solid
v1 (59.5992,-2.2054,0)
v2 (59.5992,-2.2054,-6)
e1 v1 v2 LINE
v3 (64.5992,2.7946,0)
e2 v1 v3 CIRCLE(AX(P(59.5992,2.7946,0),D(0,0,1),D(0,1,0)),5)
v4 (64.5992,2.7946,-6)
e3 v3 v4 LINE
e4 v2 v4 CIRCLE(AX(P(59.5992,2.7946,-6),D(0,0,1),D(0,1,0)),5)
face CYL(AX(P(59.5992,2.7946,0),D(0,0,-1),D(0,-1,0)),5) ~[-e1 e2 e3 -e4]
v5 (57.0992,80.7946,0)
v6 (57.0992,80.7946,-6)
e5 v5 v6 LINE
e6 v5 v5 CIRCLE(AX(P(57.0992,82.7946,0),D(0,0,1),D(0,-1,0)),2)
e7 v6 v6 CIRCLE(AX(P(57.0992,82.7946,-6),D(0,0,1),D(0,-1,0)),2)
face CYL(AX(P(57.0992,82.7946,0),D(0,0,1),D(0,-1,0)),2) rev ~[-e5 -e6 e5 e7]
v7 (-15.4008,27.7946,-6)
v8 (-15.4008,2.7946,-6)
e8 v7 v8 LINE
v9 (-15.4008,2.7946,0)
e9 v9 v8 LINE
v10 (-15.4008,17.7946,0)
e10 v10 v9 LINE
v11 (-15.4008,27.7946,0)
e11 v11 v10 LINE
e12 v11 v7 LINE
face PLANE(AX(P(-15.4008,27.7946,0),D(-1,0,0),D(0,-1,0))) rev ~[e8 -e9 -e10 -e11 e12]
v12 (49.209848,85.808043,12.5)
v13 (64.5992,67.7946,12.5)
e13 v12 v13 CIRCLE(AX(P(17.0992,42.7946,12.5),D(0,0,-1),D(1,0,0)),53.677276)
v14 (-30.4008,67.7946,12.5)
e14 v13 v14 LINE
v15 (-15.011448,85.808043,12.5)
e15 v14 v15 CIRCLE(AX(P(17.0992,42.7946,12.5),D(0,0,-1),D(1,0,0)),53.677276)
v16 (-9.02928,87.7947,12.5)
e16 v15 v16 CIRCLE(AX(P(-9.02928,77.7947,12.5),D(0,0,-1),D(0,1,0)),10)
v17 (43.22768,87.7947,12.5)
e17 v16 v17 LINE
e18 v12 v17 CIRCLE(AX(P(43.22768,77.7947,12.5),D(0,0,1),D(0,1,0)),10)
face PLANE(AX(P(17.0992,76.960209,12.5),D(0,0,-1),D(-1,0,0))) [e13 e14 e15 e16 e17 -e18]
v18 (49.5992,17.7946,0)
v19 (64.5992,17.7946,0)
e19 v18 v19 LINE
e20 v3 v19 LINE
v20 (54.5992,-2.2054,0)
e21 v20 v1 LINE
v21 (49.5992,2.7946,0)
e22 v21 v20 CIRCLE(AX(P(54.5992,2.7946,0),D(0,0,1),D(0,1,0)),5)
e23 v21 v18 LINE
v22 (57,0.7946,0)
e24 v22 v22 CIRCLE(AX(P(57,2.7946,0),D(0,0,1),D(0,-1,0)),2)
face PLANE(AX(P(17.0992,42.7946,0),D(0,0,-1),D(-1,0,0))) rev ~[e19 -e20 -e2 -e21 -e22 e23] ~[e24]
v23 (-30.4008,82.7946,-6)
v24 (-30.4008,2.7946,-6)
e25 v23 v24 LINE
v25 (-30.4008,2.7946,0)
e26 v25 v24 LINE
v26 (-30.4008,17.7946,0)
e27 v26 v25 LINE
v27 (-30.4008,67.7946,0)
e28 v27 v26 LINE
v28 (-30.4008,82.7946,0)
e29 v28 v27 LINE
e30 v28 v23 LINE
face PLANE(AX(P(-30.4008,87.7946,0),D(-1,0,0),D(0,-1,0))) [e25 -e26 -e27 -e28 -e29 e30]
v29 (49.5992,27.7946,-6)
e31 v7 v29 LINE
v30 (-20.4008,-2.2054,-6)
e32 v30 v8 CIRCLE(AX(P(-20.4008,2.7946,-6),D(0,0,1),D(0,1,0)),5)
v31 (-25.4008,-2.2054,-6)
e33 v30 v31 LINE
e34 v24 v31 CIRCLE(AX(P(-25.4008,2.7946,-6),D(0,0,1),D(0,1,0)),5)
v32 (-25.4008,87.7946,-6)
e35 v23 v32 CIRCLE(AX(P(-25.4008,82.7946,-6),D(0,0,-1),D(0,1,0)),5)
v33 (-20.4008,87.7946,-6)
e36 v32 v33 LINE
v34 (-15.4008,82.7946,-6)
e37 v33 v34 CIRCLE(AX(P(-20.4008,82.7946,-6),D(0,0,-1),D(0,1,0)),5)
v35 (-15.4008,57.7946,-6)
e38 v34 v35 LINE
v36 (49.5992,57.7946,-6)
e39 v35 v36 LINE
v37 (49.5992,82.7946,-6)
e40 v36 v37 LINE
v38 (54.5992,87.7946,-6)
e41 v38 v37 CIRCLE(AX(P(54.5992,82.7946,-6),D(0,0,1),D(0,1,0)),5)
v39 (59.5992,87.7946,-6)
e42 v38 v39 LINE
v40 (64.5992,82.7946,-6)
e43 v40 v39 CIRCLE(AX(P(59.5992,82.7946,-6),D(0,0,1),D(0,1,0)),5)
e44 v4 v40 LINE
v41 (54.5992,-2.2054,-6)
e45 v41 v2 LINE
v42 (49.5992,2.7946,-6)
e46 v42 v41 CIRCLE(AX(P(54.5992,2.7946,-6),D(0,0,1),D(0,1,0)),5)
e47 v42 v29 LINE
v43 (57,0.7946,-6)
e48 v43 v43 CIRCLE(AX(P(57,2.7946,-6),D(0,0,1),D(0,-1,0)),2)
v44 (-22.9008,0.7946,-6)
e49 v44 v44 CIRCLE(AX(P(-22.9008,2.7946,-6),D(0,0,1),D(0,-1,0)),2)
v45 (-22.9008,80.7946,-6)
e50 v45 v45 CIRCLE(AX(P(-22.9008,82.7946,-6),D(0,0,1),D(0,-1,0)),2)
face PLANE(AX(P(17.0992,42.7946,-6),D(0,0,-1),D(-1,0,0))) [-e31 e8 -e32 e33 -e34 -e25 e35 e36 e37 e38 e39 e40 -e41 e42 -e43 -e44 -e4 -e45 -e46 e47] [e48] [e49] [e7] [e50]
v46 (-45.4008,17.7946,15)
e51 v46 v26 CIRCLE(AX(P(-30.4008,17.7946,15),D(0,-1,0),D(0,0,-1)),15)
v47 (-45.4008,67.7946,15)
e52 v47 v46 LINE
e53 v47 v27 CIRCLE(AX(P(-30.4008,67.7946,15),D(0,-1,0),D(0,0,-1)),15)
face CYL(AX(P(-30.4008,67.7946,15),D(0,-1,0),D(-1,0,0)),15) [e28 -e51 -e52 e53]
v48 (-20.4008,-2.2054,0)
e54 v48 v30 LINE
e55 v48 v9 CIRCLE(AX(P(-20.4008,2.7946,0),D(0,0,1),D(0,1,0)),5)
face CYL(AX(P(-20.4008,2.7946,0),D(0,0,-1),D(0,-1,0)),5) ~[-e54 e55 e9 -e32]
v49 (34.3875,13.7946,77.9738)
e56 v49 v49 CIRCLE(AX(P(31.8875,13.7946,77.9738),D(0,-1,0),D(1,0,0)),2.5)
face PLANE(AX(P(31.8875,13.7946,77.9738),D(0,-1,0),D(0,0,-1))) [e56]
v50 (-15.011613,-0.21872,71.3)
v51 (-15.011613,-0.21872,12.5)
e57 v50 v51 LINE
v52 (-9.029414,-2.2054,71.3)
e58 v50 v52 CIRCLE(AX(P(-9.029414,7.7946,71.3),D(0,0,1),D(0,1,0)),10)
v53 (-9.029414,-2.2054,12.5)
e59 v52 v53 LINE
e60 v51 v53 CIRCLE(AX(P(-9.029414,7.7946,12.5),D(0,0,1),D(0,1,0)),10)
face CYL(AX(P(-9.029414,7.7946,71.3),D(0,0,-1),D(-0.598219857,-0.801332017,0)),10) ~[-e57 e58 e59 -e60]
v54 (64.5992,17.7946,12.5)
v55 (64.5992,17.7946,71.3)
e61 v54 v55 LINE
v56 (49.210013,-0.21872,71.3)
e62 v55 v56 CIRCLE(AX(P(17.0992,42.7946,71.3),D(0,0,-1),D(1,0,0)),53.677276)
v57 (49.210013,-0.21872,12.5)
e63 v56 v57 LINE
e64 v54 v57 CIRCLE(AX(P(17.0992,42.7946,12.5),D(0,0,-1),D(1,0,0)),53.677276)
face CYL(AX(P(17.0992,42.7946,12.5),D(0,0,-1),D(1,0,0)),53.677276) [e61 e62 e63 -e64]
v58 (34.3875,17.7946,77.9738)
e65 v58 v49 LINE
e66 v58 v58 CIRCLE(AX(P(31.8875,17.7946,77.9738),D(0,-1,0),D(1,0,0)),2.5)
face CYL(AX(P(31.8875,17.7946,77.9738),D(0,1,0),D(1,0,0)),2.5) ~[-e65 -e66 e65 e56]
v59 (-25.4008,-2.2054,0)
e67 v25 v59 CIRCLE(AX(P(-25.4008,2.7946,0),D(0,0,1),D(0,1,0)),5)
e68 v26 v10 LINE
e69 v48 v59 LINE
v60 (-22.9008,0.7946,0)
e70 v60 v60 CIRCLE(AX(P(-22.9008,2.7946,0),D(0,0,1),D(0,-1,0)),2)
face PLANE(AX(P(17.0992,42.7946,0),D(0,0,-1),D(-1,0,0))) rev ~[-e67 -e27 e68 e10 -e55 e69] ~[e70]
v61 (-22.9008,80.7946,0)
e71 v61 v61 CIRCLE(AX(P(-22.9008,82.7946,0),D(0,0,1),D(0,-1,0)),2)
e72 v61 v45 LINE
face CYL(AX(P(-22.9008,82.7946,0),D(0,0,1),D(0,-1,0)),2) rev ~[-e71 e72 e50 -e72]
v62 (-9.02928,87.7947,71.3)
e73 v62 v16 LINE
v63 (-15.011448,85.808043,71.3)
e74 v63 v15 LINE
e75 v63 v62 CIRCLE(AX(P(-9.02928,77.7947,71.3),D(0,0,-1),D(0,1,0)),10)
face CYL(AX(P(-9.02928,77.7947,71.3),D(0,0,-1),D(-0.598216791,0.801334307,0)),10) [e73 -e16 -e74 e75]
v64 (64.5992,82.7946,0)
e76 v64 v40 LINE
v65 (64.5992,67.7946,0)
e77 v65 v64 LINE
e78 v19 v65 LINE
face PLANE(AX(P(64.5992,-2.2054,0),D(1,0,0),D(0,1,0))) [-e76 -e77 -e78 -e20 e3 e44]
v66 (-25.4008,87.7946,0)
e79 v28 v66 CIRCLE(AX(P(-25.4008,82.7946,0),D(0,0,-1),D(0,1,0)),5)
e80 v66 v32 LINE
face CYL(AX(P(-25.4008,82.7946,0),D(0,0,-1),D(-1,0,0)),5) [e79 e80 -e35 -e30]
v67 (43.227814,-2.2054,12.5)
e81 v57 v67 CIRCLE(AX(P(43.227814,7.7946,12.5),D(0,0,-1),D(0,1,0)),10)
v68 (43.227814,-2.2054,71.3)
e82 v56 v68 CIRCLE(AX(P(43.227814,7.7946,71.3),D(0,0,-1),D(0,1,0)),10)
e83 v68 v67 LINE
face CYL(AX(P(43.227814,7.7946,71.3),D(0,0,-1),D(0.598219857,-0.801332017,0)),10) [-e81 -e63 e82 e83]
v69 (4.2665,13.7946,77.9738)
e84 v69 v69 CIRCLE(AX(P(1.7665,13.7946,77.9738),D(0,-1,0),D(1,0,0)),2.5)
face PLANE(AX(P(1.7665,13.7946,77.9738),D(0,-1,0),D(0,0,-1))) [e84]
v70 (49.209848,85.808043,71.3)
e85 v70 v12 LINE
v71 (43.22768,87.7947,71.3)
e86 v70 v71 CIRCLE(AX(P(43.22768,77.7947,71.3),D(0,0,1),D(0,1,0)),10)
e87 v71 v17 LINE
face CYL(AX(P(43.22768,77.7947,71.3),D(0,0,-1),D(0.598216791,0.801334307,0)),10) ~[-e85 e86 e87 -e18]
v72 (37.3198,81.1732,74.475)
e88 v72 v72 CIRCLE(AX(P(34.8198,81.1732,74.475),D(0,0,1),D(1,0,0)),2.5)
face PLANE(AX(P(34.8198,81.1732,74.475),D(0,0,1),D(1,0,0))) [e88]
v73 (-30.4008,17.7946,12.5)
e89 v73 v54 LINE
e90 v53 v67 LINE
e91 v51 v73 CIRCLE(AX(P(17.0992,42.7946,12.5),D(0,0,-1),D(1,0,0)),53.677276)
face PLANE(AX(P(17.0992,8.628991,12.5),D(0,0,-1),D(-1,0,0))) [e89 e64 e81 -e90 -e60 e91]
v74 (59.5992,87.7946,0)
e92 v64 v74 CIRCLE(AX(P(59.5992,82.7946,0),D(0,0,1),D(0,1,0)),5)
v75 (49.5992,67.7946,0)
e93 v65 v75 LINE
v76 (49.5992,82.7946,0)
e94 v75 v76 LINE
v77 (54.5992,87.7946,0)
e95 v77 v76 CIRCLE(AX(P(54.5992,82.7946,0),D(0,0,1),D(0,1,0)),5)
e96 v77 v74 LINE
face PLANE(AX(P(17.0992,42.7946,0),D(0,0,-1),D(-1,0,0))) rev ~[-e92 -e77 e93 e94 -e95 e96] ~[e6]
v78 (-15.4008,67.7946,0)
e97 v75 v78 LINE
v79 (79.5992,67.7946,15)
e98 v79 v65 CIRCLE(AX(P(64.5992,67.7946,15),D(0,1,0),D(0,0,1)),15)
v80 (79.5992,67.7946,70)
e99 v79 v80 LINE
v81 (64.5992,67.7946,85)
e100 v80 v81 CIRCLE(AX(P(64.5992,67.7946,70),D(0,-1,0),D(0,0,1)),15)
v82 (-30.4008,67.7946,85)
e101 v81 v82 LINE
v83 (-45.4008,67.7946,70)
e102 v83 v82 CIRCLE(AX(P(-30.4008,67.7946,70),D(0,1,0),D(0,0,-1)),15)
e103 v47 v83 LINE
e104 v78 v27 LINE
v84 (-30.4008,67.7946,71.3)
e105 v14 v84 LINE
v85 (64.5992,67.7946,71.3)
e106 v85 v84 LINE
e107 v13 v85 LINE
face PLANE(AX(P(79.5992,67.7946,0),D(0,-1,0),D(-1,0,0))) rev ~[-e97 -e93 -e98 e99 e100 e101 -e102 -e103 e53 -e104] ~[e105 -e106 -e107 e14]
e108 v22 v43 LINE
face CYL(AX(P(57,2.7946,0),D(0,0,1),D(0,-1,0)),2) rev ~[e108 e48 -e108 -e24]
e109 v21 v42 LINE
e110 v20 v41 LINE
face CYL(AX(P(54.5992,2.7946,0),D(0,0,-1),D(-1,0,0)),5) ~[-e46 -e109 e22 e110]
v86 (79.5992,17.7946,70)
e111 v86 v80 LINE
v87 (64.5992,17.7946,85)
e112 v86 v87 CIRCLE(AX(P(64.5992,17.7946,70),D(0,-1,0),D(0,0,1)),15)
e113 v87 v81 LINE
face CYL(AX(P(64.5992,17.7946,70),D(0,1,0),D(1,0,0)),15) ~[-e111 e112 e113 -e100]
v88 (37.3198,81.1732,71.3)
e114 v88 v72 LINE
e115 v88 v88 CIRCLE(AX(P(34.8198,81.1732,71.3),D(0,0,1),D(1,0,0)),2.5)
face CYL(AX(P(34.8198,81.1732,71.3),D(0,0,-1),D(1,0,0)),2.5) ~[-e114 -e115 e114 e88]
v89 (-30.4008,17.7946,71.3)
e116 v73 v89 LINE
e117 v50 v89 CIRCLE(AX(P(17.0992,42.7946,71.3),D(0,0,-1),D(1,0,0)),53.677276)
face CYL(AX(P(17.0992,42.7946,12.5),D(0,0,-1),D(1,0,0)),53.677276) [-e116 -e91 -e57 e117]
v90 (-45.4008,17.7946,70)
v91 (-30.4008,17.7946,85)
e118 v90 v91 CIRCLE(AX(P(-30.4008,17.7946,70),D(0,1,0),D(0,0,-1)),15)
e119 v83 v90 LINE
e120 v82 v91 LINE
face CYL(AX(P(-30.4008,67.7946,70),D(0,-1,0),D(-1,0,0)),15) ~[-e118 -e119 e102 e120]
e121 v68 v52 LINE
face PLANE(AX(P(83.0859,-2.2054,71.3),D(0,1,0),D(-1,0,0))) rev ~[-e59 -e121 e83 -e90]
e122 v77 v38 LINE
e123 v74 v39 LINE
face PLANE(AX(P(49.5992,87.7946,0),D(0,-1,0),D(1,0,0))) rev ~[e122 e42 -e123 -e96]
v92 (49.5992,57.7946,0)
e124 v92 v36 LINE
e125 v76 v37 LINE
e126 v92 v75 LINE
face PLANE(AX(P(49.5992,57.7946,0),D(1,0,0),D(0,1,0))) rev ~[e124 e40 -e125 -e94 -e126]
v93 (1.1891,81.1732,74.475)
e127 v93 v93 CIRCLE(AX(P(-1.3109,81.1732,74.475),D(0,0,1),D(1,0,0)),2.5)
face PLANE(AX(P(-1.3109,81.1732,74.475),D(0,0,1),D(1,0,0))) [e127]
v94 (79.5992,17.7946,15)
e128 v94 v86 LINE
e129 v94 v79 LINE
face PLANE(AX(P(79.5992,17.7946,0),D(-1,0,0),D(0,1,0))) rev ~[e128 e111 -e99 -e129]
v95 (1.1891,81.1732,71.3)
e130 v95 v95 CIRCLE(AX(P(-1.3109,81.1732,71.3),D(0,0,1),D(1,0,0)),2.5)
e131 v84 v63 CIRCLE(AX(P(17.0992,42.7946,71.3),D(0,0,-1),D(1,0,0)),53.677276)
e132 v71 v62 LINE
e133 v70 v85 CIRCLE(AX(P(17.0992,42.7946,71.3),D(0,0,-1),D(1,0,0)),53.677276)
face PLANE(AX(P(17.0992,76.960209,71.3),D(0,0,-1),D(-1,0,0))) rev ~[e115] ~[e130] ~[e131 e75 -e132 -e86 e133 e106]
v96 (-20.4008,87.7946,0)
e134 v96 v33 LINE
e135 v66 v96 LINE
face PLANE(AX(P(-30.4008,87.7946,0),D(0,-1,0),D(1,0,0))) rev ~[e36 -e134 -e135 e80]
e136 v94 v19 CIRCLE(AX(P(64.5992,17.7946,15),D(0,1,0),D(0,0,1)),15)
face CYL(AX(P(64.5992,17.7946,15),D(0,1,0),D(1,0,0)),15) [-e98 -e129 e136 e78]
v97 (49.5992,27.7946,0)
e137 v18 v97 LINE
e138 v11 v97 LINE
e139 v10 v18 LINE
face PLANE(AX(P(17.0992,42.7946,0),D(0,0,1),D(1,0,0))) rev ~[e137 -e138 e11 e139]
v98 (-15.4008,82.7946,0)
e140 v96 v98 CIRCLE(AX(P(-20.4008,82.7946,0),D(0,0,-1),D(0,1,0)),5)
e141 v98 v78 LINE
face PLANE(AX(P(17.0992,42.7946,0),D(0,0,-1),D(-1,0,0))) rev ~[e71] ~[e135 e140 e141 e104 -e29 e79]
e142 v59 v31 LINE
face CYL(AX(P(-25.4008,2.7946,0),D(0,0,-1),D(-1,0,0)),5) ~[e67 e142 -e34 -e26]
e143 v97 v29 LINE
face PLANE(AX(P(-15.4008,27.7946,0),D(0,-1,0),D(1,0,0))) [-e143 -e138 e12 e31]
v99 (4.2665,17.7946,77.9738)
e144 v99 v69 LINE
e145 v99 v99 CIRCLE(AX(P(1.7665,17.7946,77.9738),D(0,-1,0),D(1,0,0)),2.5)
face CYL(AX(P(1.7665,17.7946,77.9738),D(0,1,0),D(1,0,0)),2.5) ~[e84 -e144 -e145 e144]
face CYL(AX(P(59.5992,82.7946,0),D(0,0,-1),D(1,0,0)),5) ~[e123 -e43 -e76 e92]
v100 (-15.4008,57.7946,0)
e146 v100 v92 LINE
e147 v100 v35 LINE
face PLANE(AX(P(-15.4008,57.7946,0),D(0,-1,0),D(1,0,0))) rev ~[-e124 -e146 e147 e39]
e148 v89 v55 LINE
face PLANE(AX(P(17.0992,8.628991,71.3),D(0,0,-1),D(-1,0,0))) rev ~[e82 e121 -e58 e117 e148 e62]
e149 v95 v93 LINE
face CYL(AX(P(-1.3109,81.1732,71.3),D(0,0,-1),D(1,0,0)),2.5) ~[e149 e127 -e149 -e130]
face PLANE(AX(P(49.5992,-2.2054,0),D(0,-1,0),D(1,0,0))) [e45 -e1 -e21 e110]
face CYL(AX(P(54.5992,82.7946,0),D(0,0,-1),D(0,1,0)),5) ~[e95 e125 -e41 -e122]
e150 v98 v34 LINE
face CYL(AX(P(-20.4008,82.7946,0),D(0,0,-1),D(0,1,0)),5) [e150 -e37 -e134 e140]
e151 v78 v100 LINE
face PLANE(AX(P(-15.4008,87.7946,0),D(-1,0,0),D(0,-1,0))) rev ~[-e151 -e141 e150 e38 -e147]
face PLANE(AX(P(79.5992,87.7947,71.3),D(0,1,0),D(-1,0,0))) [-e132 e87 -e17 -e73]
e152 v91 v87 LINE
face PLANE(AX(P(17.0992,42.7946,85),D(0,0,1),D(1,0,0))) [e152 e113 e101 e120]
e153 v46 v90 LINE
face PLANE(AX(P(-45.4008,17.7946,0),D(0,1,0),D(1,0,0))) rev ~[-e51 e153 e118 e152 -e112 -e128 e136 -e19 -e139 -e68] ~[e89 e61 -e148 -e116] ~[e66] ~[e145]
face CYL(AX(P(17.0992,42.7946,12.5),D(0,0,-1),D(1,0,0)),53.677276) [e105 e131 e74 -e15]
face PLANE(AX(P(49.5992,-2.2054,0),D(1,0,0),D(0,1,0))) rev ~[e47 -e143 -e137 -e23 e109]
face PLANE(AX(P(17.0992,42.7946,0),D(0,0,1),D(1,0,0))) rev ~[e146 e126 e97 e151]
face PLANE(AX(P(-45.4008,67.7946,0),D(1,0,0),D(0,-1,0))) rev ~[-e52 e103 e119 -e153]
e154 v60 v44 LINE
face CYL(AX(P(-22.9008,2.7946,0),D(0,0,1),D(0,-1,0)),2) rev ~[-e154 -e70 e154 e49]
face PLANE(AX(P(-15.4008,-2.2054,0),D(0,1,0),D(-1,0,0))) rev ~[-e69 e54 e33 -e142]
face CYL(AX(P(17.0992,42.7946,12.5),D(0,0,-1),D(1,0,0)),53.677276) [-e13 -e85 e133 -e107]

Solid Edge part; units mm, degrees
sketch "Sketch1" plane through (0, 0, 0) normal (0, 0, 1) x (1, 0, 0)
  line L0 (-45.4008, 17.7946) -> (79.5992, 17.7946)
  line L1 (79.5992, 17.7946) -> (79.5992, 67.7946)
  line L2 (79.5992, 67.7946) -> (-45.4008, 67.7946)
  line L3 (-45.4008, 67.7946) -> (-45.4008, 17.7946)
extrude "Protrusion1" add sketch "Sketch1" along normal blind 85
fillet "Round_1" radius 15 4 edges at (79.5992, 42.7946, 85) (-45.4008, 42.7946, 85) (-45.4008, 42.7946, 0) (79.5992, 42.7946, 0)
sketch "Sketch2" plane through (0, 0, 12.5) normal (0, 0, 1) x (1, 0, 0)
  line L0 (64.5992, 67.7946) -> (-30.4008, 67.7946)
  arc A0 (-30.4008, 67.7946) -> (64.5992, 67.7946) centre (17.0992, 42.7946) cw
  line L1 (-30.4008, 17.7946) -> (64.5992, 17.7946)
  arc A1 (64.5992, 17.7946) -> (-30.4008, 17.7946) centre (17.0992, 42.7946) cw
  dimension "D1" = 95
extrude "ExtrudedProtrusion_2" add sketch "Sketch2" along normal blind 58.8
sketch "Sketch3" plane through (17.0992, 82.1333, 71.3) normal (0, 0, 1) x (-1, 0, 0)
  line L0 (-62.5, -5.6614) -> (69.2147, -5.6614)
extrude "Cutout1" cut sketch "Sketch3" against normal through all material side at (13.7418, 87.8447, 71.3)
sketch "Sketch4" plane through (17.0992, 3.456, 71.3) normal (0, 0, 1) x (-1, 0, 0)
  line L0 (-65.9867, 5.6614) -> (63.9181, 5.6614)
extrude "Cutout2" cut sketch "Sketch4" against normal through all material side at (18.1335, -2.2554, 71.3)
fillet "Round_2" radius 10 4 edges at (46.361, 87.7946, 41.9) (-12.1625, 87.7946, 41.9) (-12.1625, -2.2054, 41.9) (46.361, -2.2054, 41.9)
sketch "Sketch5" plane through (17.0992, 42.7946, 0) normal (0, 0, -1) x (-1, 0, 0)
  line L0 (-32.5, 45) -> (-47.5, 45)
  line L1 (-47.5, -45) -> (-47.5, 45)
  line L2 (-32.5, -45) -> (-47.5, -45)
  line L3 (-32.5, -45) -> (-32.5, -15)
  line L4 (32.5, -15) -> (-32.5, -15)
  line L5 (32.5, -15) -> (32.5, -45)
  line L6 (32.5, -45) -> (47.5, -45)
  line L7 (47.5, 45) -> (47.5, -45)
  line L8 (47.5, 45) -> (32.5, 45)
  line L9 (32.5, 45) -> (32.5, 15)
  line L10 (32.5, 15) -> (-32.5, 15)
  line L11 (-32.5, 15) -> (-32.5, 45)
  dimension "D1" = 15
  dimension "D2" = 15
extrude "ExtrudedProtrusion_3" add sketch "Sketch5" along normal blind 6
fillet "Round_3" radius 5 8 edges at (64.5992, -2.2054, -3) (49.5992, -2.2054, -3) (-15.4008, -2.2054, -3) (-30.4008, -2.2054, -3) (64.5992, 87.7946, -3) (49.5992, 87.7946, -3) (-30.4008, 87.7946, -3) (-15.4008, 87.7946, -3)
sketch "Sketch6" plane through (57.0992, 77.7946, 0) normal (0, 0, 1) x (0, -1, 0)
  circle A0 centre (-5, 0) radius 2
  circle A1 centre (75, -0.0992) radius 2
  circle A2 centre (-5, -80) radius 2
  circle A3 centre (75, -80) radius 2
extrude "Cutout3" cut sketch "Sketch6" against normal through all
sketch "Sketch7" plane through (17.0992, 17.7946, 42.5) normal (0, -1, 0) x (1, 0, 0)
  circle A0 centre (-15.3327, 35.4738) radius 2.5
  circle A1 centre (14.7883, 35.4738) radius 2.5
extrude "ExtrudedProtrusion_4" add sketch "Sketch7" along normal blind 4
sketch "Sketch8" plane through (17.0992, 77.7946, 71.3) normal (0, 0, 1) x (1, 0, 0)
  circle A0 centre (-18.4101, 3.3786) radius 2.5
  circle A1 centre (17.7206, 3.3786) radius 2.5
extrude "ExtrudedProtrusion_5" add sketch "Sketch8" along normal blind 3.175
